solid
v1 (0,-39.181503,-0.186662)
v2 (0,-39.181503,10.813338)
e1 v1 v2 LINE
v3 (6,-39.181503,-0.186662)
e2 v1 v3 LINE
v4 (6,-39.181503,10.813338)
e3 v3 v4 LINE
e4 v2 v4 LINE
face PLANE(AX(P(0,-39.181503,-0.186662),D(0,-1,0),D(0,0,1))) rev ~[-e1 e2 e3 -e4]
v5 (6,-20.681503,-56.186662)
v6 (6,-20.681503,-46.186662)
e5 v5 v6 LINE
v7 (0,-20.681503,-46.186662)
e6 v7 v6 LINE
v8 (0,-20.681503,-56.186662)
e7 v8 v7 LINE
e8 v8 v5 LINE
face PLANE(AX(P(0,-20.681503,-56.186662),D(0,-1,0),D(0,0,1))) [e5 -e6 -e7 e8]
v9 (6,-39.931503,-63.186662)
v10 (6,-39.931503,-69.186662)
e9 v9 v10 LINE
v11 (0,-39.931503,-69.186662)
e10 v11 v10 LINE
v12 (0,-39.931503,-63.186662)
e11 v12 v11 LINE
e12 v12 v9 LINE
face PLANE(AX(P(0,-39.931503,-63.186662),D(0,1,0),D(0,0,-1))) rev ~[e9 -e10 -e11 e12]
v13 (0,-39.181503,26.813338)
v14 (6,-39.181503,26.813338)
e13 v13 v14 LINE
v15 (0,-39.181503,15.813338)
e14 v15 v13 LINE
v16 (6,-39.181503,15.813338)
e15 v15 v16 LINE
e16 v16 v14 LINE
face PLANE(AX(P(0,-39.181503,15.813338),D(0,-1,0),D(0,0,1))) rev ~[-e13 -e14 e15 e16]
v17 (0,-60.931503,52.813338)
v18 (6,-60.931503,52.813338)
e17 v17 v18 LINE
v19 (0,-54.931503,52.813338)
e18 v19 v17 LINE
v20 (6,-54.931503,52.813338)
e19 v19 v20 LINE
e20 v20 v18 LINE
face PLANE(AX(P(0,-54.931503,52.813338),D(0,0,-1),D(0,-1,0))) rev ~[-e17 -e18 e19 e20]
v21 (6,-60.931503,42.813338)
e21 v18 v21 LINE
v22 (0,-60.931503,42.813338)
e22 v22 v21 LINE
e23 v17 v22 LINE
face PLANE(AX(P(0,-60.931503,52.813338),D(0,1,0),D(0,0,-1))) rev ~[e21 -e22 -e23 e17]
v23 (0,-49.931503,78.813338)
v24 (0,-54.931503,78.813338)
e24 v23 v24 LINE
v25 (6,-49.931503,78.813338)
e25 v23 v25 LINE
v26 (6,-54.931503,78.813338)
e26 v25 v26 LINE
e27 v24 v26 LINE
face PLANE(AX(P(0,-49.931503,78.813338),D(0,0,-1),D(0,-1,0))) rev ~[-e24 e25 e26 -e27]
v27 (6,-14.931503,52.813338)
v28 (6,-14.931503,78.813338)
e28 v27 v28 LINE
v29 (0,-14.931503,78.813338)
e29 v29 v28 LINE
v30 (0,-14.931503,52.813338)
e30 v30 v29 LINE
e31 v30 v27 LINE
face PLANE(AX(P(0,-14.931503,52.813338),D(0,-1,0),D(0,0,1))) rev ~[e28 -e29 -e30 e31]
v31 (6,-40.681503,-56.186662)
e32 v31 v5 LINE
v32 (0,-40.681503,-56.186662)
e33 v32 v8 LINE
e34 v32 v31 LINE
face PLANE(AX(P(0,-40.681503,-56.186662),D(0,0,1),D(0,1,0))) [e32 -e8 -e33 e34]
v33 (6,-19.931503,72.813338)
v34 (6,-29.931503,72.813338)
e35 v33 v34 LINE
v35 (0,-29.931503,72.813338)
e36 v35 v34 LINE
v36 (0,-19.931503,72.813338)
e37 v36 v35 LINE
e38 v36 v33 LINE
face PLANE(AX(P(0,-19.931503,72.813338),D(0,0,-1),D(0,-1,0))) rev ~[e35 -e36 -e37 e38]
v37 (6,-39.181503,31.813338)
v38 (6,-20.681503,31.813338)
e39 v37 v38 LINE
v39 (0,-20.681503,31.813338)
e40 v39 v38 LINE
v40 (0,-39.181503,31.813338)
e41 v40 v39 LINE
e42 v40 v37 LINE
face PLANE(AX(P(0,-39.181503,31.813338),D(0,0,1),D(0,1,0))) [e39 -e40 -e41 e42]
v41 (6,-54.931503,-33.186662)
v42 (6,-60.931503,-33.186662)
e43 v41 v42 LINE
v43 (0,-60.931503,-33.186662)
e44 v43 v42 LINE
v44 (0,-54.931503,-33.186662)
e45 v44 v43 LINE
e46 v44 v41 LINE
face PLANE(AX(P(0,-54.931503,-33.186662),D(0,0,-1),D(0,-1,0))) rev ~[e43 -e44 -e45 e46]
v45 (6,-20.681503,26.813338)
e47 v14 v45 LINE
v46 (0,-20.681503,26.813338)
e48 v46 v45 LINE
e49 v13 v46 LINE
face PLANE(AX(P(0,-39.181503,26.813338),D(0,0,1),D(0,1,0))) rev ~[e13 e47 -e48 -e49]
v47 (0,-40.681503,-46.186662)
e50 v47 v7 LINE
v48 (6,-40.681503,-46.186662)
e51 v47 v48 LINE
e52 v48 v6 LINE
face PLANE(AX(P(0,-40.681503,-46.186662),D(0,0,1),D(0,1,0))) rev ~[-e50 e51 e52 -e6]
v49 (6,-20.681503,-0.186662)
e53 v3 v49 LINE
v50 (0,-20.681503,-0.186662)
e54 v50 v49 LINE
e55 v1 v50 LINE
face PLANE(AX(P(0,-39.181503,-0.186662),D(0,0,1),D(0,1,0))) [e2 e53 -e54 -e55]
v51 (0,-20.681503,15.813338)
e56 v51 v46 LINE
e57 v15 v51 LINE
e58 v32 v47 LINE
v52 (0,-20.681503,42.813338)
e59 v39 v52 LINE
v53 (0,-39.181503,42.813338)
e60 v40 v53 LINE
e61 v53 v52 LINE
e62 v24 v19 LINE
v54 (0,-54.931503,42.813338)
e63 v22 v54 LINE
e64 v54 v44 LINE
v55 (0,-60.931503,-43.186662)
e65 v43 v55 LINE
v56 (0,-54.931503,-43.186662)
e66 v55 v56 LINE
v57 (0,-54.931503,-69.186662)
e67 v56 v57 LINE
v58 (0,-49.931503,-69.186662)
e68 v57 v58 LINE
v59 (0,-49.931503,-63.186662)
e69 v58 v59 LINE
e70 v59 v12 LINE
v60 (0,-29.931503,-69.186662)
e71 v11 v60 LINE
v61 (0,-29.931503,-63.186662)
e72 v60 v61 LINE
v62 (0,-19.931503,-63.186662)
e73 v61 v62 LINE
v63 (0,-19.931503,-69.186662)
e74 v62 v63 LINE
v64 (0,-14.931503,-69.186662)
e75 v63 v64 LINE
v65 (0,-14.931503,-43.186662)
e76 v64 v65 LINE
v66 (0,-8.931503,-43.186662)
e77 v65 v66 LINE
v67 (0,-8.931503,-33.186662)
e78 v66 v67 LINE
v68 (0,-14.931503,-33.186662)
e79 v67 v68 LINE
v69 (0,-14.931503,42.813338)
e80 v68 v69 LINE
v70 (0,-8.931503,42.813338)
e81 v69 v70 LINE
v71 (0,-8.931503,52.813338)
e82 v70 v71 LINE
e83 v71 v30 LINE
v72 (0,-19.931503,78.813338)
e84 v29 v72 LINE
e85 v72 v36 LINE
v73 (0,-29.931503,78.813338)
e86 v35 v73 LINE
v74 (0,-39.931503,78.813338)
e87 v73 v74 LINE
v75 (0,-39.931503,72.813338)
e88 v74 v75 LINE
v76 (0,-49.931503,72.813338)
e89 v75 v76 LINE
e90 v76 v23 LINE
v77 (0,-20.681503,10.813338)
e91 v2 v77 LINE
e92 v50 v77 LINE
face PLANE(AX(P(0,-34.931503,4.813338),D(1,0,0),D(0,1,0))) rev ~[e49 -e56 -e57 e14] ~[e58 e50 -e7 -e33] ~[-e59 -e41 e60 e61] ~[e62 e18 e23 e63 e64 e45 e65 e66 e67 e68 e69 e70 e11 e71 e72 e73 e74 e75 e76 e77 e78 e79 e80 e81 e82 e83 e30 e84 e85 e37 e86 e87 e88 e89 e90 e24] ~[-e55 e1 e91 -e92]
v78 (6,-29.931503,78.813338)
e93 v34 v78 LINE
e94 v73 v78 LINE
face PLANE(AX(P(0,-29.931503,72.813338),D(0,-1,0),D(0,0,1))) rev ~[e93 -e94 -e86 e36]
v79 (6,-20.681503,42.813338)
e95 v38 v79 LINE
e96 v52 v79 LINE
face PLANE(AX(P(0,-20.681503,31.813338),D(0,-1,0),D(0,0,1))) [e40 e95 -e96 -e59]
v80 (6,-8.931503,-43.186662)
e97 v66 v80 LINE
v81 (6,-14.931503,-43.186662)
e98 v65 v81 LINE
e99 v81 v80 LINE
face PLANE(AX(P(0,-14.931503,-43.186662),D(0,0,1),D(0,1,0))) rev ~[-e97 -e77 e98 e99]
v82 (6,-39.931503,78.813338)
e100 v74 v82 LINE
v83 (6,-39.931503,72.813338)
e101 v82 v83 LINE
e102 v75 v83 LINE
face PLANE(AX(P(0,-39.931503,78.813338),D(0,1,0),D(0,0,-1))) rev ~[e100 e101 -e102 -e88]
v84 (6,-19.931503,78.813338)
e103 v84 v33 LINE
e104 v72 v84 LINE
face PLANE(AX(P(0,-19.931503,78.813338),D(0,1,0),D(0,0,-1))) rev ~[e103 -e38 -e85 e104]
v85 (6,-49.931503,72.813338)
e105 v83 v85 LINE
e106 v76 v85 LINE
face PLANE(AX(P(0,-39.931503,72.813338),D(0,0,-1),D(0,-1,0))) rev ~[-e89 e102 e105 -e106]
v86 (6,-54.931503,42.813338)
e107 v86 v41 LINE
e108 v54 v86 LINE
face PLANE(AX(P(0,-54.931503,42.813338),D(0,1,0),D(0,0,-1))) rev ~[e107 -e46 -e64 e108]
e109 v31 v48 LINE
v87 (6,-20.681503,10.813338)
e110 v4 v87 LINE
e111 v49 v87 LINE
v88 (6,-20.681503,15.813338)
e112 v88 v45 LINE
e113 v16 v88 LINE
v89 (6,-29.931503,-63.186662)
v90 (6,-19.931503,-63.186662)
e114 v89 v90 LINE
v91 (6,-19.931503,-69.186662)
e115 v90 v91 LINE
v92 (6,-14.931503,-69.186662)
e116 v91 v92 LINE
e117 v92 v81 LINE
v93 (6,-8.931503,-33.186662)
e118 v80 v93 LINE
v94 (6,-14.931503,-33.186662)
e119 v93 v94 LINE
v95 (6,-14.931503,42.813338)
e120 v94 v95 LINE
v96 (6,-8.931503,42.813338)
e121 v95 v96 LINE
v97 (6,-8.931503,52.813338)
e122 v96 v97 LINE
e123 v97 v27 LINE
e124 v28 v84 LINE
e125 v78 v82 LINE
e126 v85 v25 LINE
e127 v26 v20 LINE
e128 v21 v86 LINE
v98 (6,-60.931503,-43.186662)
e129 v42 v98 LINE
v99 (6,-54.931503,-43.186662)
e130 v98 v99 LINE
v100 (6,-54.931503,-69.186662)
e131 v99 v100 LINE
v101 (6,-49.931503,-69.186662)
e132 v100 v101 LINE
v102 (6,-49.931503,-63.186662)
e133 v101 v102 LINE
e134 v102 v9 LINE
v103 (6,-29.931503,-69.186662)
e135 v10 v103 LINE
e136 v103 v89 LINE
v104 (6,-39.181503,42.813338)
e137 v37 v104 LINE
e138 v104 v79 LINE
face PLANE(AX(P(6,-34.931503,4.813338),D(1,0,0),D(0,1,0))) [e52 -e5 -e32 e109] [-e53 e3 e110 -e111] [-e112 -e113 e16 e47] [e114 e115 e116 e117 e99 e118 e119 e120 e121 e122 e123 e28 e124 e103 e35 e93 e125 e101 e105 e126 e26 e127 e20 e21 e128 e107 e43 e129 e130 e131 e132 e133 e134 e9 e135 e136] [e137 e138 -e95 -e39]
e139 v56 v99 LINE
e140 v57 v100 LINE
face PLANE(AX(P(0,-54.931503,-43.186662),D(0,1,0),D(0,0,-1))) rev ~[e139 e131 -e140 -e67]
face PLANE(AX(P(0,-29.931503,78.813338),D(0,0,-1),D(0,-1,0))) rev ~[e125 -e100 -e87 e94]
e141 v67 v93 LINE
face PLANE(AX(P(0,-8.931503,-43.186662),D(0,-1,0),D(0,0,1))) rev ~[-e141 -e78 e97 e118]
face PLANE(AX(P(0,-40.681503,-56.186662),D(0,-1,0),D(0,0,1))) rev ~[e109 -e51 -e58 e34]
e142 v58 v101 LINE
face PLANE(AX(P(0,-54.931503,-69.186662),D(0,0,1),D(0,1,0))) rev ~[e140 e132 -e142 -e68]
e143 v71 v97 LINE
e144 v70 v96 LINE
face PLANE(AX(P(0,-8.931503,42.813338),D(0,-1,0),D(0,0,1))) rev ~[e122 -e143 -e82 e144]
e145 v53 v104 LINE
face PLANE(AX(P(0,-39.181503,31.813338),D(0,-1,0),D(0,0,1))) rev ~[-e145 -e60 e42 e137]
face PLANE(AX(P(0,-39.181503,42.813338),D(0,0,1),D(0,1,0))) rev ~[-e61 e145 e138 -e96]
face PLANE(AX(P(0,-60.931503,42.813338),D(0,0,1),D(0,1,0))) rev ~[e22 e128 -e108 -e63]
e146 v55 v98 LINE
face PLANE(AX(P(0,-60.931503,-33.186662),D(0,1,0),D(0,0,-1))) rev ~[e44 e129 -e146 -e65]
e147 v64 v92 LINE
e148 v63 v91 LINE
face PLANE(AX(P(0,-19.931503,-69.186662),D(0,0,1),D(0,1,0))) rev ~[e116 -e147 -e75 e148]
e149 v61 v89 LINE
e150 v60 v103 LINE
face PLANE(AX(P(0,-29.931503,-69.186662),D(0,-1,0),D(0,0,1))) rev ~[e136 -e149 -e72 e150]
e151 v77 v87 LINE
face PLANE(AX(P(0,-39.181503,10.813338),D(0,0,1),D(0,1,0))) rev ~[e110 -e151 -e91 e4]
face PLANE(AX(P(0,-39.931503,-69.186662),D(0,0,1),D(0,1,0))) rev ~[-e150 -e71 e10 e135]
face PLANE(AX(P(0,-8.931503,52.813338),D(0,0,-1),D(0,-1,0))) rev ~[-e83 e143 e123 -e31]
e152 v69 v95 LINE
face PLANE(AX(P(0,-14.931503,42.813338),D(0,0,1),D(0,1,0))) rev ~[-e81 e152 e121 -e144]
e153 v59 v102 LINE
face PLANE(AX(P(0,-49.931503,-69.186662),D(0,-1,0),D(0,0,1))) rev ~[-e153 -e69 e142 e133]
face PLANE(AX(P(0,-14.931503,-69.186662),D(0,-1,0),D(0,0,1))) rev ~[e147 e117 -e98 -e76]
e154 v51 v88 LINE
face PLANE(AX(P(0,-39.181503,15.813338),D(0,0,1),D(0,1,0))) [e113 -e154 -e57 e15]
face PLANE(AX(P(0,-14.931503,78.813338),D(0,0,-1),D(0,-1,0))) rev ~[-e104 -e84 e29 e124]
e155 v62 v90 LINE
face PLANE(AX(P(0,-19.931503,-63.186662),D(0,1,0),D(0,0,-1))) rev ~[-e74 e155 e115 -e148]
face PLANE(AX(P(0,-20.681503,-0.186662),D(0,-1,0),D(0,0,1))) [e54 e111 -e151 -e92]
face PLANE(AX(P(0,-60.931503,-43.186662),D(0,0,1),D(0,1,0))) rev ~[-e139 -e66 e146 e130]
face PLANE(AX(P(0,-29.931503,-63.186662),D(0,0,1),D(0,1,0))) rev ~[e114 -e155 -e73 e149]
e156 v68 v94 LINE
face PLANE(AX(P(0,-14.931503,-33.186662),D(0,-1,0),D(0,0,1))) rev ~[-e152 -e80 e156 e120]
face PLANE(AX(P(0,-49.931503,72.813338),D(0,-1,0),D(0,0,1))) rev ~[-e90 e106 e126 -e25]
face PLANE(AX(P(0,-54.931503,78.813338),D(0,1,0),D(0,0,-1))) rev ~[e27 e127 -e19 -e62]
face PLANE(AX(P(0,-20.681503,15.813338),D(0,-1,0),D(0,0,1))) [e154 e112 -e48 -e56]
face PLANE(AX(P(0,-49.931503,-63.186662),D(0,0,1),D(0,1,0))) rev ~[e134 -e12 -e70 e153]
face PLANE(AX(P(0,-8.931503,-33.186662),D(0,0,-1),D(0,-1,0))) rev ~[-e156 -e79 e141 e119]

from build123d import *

# Parameters (mm, degrees)
F0_W     = 20
F0_H     = 10
F0_W_2   = 18.5
F0_H_2   = 11
F1_DEPTH = 6


with BuildPart() as f1:
    # F0 (on Right) → F1 (new body)
    with BuildSketch(Plane.YZ):
        Polygon((-60.931503, 42.813338), (-54.931503, 42.813338), (-54.931503, -33.186662), (-60.931503, -33.186662), (-60.931503, -43.186662), (-54.931503, -43.186662), (-54.931503, -69.186662), (-49.931503, -69.186662), (-49.931503, -63.186662), (-39.931503, -63.186662), (-39.931503, -69.186662), (-29.931503, -69.186662), (-29.931503, -63.186662), (-19.931503, -63.186662), (-19.931503, -69.186662), (-14.931503, -69.186662), (-14.931503, -43.186662), (-8.931503, -43.186662), (-8.931503, -33.186662), (-14.931503, -33.186662), (-14.931503, 42.813338), (-8.931503, 42.813338), (-8.931503, 52.813338), (-14.931503, 52.813338), (-14.931503, 78.813338), (-19.931503, 78.813338), (-19.931503, 72.813338), (-29.931503, 72.813338), (-29.931503, 78.813338), (-39.931503, 78.813338), (-39.931503, 72.813338), (-49.931503, 72.813338), (-49.931503, 78.813338), (-54.931503, 78.813338), (-54.931503, 52.813338), (-60.931503, 52.813338), align=None)
        with Locations((-30.681503, -51.186662)):
            Rectangle(F0_W, F0_H, mode=Mode.SUBTRACT)
        with Locations((-29.931503, 5.313338)):
            Rectangle(F0_W_2, F0_H_2, mode=Mode.SUBTRACT)
        with Locations((-29.931503, 21.313338)):
            Rectangle(F0_W_2, F0_H_2, mode=Mode.SUBTRACT)
        with Locations((-29.931503, 37.313338)):
            Rectangle(F0_W_2, F0_H_2, mode=Mode.SUBTRACT)
    extrude(amount=F1_DEPTH)


solid = f1.part
